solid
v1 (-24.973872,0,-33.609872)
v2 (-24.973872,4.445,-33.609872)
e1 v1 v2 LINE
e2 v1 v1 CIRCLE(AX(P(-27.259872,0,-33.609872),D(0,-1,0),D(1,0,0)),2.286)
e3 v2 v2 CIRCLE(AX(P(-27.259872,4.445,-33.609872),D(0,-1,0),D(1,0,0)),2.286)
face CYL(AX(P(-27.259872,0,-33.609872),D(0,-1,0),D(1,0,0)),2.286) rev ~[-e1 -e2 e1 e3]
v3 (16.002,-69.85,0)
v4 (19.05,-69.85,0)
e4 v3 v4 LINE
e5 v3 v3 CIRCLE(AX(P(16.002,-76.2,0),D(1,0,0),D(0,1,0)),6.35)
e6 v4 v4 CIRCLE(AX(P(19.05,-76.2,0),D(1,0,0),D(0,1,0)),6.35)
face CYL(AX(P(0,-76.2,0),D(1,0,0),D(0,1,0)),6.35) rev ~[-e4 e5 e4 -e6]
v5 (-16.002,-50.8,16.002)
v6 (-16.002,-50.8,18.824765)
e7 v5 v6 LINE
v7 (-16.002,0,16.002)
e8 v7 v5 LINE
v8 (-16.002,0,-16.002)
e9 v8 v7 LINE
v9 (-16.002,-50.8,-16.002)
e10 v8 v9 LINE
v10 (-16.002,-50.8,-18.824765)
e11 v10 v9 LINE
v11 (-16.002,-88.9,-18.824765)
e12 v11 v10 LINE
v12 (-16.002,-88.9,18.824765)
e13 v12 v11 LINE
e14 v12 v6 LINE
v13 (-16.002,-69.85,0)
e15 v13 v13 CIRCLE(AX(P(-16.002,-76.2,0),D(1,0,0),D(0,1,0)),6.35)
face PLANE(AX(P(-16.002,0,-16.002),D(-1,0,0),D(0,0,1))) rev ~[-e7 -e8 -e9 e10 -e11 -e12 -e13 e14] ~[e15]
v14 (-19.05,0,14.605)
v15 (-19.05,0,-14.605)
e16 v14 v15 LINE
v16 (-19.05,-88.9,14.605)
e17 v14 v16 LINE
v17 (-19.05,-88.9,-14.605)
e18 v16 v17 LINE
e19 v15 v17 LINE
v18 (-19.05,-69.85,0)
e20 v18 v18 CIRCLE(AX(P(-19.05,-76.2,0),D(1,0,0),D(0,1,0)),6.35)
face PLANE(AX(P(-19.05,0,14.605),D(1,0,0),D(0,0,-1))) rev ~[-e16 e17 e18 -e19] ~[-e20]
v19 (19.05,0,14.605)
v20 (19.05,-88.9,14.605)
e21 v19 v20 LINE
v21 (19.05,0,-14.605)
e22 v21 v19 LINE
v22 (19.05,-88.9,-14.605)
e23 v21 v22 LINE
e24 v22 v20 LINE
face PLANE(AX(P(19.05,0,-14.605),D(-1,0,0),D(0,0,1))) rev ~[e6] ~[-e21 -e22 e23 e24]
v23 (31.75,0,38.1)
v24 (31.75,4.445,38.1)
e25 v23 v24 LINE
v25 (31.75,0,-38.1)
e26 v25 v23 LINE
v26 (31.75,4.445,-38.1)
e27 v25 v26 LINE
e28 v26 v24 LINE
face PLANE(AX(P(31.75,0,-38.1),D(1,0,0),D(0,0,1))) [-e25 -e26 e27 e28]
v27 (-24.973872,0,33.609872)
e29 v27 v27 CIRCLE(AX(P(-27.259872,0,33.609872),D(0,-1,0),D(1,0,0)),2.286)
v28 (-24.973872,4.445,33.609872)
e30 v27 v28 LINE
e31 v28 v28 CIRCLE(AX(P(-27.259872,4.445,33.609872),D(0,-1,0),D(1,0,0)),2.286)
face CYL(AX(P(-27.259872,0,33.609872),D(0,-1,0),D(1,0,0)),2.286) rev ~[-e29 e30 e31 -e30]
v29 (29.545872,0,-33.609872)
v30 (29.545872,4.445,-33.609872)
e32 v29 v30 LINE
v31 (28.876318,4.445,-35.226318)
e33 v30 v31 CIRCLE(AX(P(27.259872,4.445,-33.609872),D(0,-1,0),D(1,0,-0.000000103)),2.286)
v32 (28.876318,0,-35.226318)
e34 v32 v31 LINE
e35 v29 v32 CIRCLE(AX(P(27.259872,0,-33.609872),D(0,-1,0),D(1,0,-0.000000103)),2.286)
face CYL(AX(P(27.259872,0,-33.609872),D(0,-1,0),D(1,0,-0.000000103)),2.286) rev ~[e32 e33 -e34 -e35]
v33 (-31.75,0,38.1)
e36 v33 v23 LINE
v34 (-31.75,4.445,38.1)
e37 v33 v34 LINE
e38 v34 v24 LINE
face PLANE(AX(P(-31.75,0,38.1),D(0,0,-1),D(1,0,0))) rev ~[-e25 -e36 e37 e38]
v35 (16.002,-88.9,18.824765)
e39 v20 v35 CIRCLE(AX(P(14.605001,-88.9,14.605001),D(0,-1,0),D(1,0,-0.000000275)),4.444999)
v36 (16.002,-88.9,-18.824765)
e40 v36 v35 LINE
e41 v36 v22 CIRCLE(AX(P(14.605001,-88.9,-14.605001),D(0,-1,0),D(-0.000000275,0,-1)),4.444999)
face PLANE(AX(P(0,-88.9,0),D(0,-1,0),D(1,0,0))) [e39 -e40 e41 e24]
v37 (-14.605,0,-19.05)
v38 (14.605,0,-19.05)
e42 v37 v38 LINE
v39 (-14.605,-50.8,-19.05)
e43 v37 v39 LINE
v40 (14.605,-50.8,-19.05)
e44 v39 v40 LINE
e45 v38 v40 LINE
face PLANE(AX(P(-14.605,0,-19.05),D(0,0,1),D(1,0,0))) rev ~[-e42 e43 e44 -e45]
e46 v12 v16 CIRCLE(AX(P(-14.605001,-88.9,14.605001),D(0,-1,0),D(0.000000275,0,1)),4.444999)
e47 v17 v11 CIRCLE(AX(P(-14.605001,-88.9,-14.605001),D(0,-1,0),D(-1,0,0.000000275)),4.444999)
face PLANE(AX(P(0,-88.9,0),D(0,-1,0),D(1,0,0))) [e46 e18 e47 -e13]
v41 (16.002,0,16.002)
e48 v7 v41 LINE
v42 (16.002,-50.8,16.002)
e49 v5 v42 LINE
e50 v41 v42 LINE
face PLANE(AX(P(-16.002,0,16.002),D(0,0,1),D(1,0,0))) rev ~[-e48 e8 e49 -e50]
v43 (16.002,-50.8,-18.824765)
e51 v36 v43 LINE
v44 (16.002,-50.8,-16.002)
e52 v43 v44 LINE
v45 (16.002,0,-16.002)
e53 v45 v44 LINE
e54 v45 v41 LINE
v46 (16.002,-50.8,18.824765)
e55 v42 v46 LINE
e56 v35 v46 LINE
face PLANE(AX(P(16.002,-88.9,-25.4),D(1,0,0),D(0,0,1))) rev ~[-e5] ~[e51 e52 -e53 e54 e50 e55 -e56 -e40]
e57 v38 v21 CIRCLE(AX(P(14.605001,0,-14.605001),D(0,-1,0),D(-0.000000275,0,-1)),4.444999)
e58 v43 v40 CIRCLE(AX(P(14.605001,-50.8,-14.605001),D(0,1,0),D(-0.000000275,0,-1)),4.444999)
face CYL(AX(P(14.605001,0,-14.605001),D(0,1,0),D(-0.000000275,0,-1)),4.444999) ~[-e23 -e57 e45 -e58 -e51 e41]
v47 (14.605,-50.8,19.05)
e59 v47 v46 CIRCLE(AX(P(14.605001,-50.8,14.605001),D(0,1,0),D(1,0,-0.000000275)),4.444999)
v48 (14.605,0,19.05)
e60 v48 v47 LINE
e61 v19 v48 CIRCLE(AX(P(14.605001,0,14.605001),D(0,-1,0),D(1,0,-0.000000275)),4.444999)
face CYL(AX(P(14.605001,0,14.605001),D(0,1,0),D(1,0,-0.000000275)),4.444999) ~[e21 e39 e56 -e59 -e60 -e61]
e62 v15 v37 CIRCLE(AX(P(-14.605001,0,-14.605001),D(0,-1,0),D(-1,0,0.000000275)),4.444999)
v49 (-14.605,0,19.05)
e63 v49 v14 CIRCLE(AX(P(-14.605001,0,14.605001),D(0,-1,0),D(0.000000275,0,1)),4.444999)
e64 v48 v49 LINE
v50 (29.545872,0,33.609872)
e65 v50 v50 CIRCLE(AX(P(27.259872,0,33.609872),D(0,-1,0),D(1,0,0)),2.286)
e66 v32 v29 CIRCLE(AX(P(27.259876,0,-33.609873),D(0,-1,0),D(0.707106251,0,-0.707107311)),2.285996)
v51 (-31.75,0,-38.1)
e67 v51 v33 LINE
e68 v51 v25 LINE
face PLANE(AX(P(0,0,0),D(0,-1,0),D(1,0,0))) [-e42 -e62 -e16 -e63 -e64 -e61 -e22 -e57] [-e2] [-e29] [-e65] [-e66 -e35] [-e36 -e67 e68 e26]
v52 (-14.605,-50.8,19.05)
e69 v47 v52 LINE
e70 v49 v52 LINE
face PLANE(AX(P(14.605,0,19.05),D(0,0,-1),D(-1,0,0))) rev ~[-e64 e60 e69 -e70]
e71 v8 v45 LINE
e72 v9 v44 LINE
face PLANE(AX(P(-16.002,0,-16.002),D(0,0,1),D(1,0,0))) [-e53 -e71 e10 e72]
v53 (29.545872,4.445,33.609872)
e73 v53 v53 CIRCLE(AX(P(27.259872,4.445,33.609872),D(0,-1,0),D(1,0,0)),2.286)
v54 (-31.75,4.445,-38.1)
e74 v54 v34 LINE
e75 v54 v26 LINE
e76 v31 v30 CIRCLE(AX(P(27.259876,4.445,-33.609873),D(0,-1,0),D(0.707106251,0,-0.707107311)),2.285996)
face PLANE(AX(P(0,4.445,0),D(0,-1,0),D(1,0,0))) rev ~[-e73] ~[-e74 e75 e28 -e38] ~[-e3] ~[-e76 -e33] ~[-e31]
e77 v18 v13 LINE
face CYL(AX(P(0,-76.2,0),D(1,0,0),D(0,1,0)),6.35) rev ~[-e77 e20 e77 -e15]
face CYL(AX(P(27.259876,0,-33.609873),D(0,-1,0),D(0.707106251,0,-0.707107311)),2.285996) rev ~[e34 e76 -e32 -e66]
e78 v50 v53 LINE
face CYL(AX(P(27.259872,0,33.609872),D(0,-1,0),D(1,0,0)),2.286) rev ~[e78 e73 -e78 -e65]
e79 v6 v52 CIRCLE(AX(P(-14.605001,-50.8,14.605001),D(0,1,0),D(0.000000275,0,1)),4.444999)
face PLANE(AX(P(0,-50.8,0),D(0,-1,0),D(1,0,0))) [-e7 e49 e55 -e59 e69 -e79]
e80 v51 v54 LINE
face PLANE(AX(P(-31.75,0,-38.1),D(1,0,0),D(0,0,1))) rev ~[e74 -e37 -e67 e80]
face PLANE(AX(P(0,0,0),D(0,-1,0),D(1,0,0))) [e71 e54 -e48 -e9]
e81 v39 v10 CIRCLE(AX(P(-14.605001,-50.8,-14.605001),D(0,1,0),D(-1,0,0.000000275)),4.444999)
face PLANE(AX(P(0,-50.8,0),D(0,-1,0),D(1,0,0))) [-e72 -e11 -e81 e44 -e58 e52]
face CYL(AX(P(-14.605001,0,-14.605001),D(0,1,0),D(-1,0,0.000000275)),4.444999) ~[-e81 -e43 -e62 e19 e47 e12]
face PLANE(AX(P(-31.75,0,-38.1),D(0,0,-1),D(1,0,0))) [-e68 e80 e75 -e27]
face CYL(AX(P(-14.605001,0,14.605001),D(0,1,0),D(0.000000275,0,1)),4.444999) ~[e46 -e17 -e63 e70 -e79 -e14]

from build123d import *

# Parameters (mm, degrees)
F0_W      = 32.004
F0_H      = 32.004
F1_DEPTH  = 88.9
F2_R      = 6.35
F3_DEPTH  = 24.384
F5_W      = 32.004
F5_H      = 50.8
F6_DEPTH  = 38.1
F7_W      = 63.5
F7_H      = 76.2
F8_DEPTH  = 4.445
F9_R      = 2.286
F10_DEPTH = 25.4


with BuildPart() as f1:
    # F0 (on Front) → F1 (new body)
    with BuildSketch(Plane.XZ):
        with BuildLine():
            ThreePointArc((19.05, 14.605), (17.74809, 17.74809), (14.605, 19.05))
            Line((14.605, 19.05), (-14.605, 19.05))
            ThreePointArc((-14.605, 19.05), (-17.74809, 17.74809), (-19.05, 14.605))
            Line((-19.05, 14.605), (-19.05, -14.605))
            ThreePointArc((-19.05, -14.605), (-17.74809, -17.74809), (-14.605, -19.05))
            Line((-14.605, -19.05), (14.605, -19.05))
            ThreePointArc((14.605, -19.05), (17.74809, -17.74809), (19.05, -14.605))
            Line((19.05, -14.605), (19.05, 14.605))
        make_face()
        Rectangle(F0_W, F0_H, mode=Mode.SUBTRACT)
    extrude(amount=F1_DEPTH)

    # F2 (on Right) → F3 (cut, symmetric)
    with BuildSketch(Plane.YZ):
        with Locations((-76.2, 0)):
            Circle(F2_R)
    extrude(amount=F3_DEPTH, both=True, mode=Mode.SUBTRACT)

    # F5 (on offset) → F6 (cut)
    with BuildSketch(Plane.XZ.offset(88.9)):
        Rectangle(F5_W, F5_H)
    extrude(amount=-F6_DEPTH, mode=Mode.SUBTRACT)

    # F7 (on Front) → F8 (join)
    with BuildSketch(Plane.XZ):
        Rectangle(F7_W, F7_H)
    extrude(amount=-F8_DEPTH)

    # F9 (on face) → F10 (cut)
    with BuildSketch(Plane.XZ):
        with Locations((27.259872, 33.609872)):
            Circle(F9_R)
        with BuildLine():
            ThreePointArc((28.876318, -35.226318), (29.371861, -34.484686), (29.545872, -33.609872))
            ThreePointArc((29.545872, -33.609872), (25.147883, -32.735058), (28.876318, -35.226318))
        make_face()
        with Locations((-27.259872, -33.609872)):
            Circle(F9_R)
        with Locations((-27.259872, 33.609872)):
            Circle(F9_R)
    extrude(amount=-F10_DEPTH, mode=Mode.SUBTRACT)


solid = f1.part
